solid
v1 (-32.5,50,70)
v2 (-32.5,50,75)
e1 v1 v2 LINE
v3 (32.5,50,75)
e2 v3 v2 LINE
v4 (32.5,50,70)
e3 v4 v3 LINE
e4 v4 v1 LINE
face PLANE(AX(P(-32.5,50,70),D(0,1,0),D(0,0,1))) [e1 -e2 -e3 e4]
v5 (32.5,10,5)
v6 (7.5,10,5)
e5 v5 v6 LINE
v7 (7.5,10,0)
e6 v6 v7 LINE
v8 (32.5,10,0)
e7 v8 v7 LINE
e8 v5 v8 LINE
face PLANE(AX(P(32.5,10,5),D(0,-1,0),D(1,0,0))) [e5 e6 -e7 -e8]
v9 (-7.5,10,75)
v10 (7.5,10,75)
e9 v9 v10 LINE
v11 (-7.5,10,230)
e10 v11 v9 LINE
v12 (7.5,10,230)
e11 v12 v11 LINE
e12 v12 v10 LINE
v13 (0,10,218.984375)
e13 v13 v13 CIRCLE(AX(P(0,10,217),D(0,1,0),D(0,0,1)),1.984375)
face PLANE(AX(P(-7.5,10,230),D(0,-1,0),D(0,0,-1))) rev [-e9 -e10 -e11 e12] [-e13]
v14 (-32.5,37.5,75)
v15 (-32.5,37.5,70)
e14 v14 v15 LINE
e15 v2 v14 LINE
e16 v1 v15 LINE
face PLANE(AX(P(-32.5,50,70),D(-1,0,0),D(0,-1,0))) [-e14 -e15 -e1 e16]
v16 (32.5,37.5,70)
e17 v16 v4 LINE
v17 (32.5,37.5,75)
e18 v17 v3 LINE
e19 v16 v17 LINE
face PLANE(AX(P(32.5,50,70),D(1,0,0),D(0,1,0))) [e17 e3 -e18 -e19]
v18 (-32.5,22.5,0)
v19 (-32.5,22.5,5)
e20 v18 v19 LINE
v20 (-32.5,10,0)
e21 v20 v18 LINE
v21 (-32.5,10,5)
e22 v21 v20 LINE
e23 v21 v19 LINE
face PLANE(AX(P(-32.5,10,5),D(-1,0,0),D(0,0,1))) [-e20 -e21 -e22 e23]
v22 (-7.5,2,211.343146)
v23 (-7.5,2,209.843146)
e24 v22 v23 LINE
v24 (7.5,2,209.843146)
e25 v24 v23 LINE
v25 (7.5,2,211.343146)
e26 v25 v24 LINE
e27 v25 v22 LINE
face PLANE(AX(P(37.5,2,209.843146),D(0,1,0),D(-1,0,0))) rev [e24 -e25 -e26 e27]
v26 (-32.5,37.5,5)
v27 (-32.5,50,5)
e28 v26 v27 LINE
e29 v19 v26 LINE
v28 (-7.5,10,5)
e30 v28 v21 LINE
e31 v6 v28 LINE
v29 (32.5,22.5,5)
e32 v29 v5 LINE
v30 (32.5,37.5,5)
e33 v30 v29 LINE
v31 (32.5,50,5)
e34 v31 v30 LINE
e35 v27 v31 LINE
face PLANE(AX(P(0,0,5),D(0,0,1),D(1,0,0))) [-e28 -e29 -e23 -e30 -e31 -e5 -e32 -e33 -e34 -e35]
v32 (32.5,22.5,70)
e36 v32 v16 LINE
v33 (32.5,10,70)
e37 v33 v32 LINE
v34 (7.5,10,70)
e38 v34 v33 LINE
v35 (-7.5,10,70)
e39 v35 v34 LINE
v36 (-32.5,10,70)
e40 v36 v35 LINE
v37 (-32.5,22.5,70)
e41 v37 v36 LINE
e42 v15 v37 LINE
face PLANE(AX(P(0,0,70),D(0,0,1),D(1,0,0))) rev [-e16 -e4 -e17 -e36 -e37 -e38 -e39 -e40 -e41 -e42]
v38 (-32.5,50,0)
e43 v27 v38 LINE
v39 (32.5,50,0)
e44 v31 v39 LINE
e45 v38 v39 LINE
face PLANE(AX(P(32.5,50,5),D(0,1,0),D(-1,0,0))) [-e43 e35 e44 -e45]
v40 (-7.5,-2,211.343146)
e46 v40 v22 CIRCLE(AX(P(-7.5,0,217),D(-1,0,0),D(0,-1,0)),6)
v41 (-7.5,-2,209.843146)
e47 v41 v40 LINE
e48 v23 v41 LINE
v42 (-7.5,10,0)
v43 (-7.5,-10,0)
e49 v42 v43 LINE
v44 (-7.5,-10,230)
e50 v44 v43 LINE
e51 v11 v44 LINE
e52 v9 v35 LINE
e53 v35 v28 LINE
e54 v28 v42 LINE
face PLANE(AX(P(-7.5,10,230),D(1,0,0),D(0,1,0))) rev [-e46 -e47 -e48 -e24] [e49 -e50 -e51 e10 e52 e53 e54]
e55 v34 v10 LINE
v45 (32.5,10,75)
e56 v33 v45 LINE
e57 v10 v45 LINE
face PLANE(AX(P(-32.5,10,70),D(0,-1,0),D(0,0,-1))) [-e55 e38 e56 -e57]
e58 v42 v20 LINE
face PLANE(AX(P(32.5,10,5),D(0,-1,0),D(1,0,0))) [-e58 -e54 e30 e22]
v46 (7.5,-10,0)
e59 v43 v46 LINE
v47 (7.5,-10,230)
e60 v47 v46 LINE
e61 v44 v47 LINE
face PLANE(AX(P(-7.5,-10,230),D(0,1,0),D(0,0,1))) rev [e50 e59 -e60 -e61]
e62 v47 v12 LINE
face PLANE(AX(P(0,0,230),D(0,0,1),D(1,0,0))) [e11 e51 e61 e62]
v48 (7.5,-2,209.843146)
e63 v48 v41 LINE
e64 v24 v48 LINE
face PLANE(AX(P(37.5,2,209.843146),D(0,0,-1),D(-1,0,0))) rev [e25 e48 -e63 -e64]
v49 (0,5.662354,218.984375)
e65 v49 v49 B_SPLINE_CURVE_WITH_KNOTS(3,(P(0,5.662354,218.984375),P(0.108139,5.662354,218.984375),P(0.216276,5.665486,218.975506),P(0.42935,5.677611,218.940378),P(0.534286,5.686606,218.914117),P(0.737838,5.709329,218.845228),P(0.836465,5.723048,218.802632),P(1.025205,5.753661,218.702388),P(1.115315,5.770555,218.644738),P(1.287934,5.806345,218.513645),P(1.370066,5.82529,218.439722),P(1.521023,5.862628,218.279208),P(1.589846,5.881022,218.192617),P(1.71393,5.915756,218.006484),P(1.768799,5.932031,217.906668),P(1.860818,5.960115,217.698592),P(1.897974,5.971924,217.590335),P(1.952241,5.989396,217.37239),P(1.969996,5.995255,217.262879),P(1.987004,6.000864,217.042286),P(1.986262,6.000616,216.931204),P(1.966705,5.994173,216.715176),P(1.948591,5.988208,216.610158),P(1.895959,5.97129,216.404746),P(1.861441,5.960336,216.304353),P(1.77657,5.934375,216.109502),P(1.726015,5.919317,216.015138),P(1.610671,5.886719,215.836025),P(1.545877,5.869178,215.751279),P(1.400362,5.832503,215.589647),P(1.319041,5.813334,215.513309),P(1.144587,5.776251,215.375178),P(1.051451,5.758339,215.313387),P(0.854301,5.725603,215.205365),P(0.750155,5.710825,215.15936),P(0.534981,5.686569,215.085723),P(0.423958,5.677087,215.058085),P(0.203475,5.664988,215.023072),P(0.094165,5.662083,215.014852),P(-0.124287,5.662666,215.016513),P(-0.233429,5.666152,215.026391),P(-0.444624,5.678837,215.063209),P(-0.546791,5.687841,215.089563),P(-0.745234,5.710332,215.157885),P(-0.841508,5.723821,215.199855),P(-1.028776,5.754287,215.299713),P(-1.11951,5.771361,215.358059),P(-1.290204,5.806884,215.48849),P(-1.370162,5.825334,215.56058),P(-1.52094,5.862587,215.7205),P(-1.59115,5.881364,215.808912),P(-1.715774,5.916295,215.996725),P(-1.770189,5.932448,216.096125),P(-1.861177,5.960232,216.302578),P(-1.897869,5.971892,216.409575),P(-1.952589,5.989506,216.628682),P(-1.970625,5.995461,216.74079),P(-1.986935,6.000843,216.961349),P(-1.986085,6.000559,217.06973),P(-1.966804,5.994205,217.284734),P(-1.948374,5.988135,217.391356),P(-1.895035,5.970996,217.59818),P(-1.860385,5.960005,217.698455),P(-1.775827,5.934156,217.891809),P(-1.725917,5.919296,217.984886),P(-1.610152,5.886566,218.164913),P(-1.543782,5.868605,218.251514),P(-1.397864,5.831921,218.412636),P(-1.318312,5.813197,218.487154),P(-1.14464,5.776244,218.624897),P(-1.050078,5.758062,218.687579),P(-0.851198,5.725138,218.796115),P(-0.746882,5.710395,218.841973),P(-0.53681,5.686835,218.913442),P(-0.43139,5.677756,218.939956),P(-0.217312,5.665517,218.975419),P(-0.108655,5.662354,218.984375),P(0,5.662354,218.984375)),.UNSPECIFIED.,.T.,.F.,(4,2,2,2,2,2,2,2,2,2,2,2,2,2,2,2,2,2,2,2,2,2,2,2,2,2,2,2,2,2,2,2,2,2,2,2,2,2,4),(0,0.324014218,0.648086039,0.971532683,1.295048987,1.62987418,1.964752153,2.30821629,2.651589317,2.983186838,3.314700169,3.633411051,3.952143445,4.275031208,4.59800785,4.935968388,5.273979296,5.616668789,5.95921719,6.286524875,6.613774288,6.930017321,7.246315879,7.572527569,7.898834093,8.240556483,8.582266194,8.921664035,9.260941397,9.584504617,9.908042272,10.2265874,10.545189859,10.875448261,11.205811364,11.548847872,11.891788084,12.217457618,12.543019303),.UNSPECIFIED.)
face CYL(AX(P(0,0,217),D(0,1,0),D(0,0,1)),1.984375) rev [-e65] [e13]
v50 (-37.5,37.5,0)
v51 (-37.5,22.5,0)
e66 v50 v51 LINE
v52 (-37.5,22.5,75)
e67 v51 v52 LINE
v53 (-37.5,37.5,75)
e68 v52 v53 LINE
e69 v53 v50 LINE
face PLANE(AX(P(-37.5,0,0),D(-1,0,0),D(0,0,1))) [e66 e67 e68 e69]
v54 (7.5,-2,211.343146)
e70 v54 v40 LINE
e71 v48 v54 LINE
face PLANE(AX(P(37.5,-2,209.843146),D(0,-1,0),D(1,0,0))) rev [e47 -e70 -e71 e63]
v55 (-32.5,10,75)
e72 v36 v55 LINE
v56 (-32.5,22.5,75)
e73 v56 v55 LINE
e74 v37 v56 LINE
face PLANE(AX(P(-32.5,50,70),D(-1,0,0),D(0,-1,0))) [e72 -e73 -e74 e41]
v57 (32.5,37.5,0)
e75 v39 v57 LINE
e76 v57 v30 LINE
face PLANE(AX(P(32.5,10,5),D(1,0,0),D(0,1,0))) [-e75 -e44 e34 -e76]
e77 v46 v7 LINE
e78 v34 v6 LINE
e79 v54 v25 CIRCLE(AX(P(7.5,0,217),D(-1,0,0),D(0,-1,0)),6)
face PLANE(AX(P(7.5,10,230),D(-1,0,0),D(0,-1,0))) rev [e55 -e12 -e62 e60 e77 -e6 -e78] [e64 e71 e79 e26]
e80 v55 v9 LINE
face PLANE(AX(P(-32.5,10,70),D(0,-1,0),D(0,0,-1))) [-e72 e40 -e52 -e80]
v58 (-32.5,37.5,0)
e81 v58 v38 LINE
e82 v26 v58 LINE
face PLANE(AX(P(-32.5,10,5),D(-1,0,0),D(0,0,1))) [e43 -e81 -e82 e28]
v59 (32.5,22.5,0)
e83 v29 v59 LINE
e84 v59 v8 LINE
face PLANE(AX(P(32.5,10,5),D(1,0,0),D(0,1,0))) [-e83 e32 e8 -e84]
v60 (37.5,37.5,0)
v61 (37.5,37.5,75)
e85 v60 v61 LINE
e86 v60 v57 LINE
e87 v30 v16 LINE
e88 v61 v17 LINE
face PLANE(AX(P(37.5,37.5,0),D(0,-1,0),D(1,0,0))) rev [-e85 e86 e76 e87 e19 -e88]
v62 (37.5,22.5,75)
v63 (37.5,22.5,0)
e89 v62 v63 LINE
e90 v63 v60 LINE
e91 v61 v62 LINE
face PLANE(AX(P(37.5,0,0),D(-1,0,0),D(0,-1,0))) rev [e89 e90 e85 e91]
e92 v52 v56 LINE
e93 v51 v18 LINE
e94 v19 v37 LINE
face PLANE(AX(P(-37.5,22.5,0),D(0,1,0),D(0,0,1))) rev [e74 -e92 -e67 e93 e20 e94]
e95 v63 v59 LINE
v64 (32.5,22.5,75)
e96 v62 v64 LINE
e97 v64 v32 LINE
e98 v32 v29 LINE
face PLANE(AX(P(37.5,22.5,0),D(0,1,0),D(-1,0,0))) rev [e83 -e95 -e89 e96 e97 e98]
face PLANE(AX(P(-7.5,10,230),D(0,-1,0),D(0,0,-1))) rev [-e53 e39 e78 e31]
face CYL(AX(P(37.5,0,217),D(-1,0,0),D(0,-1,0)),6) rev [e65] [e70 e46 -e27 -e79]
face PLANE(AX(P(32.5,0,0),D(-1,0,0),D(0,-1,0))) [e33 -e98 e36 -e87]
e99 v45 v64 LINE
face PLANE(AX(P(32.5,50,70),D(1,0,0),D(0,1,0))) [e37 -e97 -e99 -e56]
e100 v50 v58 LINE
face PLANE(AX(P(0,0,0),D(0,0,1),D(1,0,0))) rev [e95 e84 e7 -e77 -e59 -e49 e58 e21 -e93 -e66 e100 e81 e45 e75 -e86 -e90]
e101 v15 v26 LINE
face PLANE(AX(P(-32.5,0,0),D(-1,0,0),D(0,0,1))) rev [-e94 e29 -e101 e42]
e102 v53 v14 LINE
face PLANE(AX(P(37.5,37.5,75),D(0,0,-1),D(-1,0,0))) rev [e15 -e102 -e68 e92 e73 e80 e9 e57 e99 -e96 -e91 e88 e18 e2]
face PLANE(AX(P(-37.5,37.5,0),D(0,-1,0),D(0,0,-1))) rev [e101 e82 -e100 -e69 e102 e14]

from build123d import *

# Parameters (mm, degrees)
SKETCH1_W            = 15
SKETCH1_H            = 20
BOSS_EXTRUDE1_DEPTH  = 230
SKETCH2_W            = 65
SKETCH2_H            = 40
BOSS_EXTRUDE6_DEPTH  = 5
SKETCH7_W            = 75
SKETCH7_H            = 15
BOSS_EXTRUDE7_DEPTH  = 5
SKETCH8_W            = 75
SKETCH8_H            = 15
BOSS_EXTRUDE8_DEPTH  = 5
SKETCH9_W            = 65
SKETCH9_H            = 40
BOSS_EXTRUDE11_DEPTH = 5
CUT_EXTRUDE1_DEPTH   = 240.635139326
SKETCH13_R           = 1.984375
CUT_EXTRUDE2_DEPTH   = 10


with BuildPart() as part:
    # Sketch1 → Boss-Extrude1 (new body)
    with BuildSketch(Plane.XY):
        Rectangle(SKETCH1_W, SKETCH1_H)
    extrude(amount=BOSS_EXTRUDE1_DEPTH)

    # Sketch2 → Boss-Extrude6 (add)
    with BuildSketch(Plane(origin=(0, 0, 0), x_dir=(-1, 0, 0), z_dir=(0, 0, -1))):
        with Locations((0, 30)):
            Rectangle(SKETCH2_W, SKETCH2_H)
    extrude(amount=-BOSS_EXTRUDE6_DEPTH)

    # Sketch7 → Boss-Extrude7 (add)
    with BuildSketch(Plane(origin=(32.5, 0, 0), x_dir=(0, 0, -1), z_dir=(1, 0, 0))):
        with Locations((-37.5, 30)):
            Rectangle(SKETCH7_W, SKETCH7_H)
    extrude(amount=BOSS_EXTRUDE7_DEPTH)

    # Sketch8 → Boss-Extrude8 (add)
    with BuildSketch(Plane.ZY.offset(32.5)):
        with Locations((37.5, 30)):
            Rectangle(SKETCH8_W, SKETCH8_H)
    extrude(amount=BOSS_EXTRUDE8_DEPTH)

    # Sketch9 → Boss-Extrude11 (add)
    with BuildSketch(Plane.XY.offset(75)):
        with Locations((0, 30)):
            Rectangle(SKETCH9_W, SKETCH9_H)
    extrude(amount=-BOSS_EXTRUDE11_DEPTH)

    # Sketch10 → Cut-Extrude1 (cut, through all)
    with BuildSketch(Plane.ZY.offset(7.5)):
        with BuildLine():
            Line((209.843145751, 2), (211.343145751, 2))
            ThreePointArc((211.343145751, 2), (223, 0), (211.343145751, -2))
            Line((211.343145751, -2), (209.843145751, -2))
            Line((209.843145751, -2), (209.843145751, 2))
        make_face()
    extrude(amount=-CUT_EXTRUDE1_DEPTH, mode=Mode.SUBTRACT)

    # Sketch13 → Cut-Extrude2 (cut)
    with BuildSketch(Plane(origin=(0, 10, 0), x_dir=(1, 0, 0), z_dir=(0, 1, 0))):
        with Locations(Location((0, -217, 0), (0, 0, 270))):
            Circle(SKETCH13_R)
    extrude(amount=-CUT_EXTRUDE2_DEPTH, mode=Mode.SUBTRACT)


solid = part.part
